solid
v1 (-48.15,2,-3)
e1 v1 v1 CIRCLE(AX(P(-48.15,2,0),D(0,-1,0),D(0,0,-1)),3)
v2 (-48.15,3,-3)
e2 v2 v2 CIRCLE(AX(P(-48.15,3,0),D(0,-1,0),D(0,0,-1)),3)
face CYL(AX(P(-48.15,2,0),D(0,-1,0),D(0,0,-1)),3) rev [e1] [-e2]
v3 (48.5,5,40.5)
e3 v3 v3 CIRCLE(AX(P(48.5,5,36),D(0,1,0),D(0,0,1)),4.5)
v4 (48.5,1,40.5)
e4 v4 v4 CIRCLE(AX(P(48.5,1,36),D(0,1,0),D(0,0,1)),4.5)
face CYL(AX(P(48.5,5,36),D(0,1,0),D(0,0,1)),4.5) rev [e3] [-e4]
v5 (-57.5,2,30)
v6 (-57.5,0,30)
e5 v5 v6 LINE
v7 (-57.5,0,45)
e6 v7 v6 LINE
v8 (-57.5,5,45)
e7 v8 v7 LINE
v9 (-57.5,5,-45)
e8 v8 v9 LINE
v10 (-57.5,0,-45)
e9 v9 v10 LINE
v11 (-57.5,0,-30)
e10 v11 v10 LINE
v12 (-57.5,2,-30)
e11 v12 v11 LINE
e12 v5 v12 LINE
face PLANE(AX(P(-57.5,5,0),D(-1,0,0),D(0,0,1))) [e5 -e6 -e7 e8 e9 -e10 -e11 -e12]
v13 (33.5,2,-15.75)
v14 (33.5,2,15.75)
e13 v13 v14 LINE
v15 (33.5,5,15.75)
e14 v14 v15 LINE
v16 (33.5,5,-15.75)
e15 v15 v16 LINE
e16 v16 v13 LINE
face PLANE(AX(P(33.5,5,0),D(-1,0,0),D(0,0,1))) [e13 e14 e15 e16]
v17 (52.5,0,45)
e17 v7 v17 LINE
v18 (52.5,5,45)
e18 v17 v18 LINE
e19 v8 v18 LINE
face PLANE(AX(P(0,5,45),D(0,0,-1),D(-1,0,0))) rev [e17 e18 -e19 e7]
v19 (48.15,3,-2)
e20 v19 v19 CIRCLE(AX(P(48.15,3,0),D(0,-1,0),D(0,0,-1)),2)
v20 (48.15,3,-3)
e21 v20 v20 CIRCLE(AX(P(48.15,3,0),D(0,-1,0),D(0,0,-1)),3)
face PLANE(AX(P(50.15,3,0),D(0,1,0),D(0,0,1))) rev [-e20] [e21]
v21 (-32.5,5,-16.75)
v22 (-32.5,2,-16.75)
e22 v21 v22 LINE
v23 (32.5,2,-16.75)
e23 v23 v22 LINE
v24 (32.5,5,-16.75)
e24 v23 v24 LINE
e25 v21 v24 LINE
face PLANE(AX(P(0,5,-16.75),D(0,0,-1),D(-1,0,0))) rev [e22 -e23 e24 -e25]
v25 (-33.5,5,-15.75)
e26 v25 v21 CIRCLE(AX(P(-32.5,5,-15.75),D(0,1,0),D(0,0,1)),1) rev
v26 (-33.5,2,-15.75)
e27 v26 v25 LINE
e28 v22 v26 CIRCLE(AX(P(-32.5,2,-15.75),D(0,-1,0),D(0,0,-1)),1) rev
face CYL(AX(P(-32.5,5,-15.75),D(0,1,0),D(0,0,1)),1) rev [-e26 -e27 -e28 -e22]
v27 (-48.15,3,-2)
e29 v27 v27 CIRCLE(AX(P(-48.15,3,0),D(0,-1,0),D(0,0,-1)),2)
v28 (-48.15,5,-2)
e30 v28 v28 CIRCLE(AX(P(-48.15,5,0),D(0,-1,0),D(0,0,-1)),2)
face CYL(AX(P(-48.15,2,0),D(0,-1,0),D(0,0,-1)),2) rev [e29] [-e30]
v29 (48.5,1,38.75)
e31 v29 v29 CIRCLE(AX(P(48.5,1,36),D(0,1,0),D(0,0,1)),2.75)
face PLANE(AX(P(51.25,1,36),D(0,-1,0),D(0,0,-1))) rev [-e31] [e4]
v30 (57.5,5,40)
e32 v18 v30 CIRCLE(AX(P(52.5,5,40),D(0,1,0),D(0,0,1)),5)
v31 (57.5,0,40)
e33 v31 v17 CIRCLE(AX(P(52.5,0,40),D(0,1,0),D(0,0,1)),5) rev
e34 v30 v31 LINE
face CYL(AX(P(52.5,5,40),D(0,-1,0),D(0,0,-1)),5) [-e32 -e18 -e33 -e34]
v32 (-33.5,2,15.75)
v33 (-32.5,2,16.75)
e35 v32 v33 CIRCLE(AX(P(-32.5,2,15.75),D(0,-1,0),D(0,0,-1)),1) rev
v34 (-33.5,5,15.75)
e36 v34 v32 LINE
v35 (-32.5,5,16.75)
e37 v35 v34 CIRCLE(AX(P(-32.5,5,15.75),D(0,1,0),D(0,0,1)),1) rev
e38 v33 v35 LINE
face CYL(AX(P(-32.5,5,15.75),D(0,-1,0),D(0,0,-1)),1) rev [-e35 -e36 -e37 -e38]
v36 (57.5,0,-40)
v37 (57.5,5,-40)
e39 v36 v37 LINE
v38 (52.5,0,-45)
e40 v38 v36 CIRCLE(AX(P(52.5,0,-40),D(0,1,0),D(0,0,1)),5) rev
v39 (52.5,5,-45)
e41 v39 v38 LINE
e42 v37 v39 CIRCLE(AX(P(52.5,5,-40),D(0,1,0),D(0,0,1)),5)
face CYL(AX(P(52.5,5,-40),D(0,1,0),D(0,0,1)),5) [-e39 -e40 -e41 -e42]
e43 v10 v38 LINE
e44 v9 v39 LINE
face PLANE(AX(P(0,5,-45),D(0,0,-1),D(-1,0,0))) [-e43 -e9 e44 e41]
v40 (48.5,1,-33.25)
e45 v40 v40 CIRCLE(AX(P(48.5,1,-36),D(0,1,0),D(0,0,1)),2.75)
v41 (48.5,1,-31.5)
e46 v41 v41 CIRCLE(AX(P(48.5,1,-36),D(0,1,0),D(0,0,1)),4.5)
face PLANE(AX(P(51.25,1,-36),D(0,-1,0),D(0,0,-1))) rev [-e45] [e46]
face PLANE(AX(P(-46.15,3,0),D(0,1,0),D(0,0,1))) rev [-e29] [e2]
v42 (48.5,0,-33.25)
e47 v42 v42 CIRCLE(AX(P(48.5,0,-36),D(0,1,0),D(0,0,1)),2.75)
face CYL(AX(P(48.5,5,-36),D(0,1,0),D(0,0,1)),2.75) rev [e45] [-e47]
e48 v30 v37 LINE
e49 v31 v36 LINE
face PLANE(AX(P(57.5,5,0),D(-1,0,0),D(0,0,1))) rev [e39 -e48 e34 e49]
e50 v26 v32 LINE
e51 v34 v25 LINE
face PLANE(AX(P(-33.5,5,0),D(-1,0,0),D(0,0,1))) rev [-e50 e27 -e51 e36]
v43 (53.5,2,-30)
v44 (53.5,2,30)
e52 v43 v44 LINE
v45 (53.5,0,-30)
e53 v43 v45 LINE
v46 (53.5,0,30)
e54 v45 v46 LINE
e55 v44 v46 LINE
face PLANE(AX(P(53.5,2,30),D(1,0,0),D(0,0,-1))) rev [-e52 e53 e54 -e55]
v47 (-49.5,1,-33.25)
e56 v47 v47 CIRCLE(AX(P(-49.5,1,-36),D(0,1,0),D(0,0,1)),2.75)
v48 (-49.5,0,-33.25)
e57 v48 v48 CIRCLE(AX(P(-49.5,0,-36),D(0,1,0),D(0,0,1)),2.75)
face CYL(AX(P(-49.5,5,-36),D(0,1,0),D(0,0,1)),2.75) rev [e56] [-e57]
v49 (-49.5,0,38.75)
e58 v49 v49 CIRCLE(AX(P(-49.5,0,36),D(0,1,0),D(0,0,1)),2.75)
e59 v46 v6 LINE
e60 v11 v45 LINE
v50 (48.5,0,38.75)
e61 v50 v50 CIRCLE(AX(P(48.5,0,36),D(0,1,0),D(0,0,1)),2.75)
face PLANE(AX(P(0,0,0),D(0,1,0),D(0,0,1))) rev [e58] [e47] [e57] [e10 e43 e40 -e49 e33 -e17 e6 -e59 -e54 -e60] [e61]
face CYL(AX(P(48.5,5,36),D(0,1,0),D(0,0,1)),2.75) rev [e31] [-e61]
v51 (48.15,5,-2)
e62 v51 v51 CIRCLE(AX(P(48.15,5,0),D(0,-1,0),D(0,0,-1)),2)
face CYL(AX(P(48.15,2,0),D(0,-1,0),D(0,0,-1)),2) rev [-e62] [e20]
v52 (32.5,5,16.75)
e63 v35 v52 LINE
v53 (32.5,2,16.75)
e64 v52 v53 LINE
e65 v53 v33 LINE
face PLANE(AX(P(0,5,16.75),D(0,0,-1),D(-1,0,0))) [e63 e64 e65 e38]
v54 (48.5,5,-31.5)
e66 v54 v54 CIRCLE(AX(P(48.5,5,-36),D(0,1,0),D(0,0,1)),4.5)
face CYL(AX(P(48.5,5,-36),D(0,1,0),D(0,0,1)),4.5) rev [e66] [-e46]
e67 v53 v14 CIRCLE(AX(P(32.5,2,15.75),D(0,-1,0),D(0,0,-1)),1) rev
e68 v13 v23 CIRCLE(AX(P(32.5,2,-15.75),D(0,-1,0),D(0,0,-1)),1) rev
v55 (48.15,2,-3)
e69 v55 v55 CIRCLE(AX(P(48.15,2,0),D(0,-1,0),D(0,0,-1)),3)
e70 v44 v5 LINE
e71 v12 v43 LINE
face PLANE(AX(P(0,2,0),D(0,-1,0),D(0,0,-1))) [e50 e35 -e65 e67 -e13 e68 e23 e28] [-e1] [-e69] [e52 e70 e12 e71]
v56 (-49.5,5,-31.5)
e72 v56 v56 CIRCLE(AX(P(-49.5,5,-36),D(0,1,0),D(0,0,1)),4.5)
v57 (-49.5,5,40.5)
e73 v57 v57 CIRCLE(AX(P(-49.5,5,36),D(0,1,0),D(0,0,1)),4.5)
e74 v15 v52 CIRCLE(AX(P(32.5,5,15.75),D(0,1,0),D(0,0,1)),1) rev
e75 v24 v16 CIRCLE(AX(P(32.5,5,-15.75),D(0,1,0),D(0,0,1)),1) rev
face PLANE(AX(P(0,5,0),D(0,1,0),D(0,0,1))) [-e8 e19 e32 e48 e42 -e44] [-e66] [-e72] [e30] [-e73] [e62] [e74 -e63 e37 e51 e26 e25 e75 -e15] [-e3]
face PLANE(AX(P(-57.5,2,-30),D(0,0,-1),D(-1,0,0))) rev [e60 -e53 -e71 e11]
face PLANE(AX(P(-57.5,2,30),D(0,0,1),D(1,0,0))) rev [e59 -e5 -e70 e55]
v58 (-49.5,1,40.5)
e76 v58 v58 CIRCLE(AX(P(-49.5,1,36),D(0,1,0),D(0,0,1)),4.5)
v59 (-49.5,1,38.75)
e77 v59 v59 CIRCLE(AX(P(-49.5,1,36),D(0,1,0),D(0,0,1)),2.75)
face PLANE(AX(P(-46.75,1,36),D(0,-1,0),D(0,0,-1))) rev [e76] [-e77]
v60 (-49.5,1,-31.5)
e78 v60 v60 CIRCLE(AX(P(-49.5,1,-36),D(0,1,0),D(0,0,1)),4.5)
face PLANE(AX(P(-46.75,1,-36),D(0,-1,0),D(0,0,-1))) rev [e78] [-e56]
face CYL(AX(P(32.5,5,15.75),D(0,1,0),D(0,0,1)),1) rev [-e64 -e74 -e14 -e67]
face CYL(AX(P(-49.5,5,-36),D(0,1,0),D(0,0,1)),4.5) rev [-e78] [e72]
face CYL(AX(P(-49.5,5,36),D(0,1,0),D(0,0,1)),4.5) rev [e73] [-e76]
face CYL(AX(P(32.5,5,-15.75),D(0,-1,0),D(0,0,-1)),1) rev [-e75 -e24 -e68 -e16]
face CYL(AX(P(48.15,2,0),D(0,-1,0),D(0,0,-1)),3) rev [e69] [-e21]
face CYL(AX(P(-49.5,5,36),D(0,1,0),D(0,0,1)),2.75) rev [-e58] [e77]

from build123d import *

# Parameters (mm, degrees)
SKETCH1_W                      = 115
SKETCH1_H                      = 90
SKETCH1_W_2                    = 67
SKETCH1_H_2                    = 33.5
BOSS_EXTRUDE1_DEPTH            = 5
FILLET1_R                      = 5
FILLET2_R                      = 1
CBORE_FOR_M5_SHCS1_D           = 5.5
CBORE_FOR_M5_SHCS1_CBORE_D     = 9
CBORE_FOR_M5_SHCS1_CBORE_DEPTH = 4
SKETCH5_W                      = 111
SKETCH5_H                      = 60
CUT_EXTRUDE1_DEPTH             = 2
CBORE_FOR_M5_SHCS2_D           = 4
CBORE_FOR_M5_SHCS2_CBORE_D     = 6
CBORE_FOR_M5_SHCS2_CBORE_DEPTH = 1


with BuildPart() as part:
    # Sketch1 → Boss-Extrude1 (new body)
    with BuildSketch(Plane(origin=(0, 0, 0), x_dir=(1, 0, 0), z_dir=(0, 1, 0))):
        Rectangle(SKETCH1_W, SKETCH1_H)
        Rectangle(SKETCH1_W_2, SKETCH1_H_2, mode=Mode.SUBTRACT)
    extrude(amount=BOSS_EXTRUDE1_DEPTH)

    # Fillet1
    fillet1_edges = [part.edges().sort_by_distance(p)[0] for p in [
        (57.5, 2.5, -45),
        (57.5, 2.5, 45),
    ]]
    fillet(fillet1_edges, radius=FILLET1_R)

    # Fillet2
    fillet2_edges = [part.edges().sort_by_distance(p)[0] for p in [
        (-33.5, 2.5, 16.75),
        (33.5, 2.5, 16.75),
        (33.5, 2.5, -16.75),
        (-33.5, 2.5, -16.75),
    ]]
    fillet(fillet2_edges, radius=FILLET2_R)

    # CBORE for M5 SHCS1 (through all)
    with Locations(Plane(origin=(0, 5, 0), x_dir=(1, 0, 0), z_dir=(0, 1, 0))):
        with Locations((-49.5, 36), (-49.5, -36), (48.5, -36), (48.5, 36)):
            CounterBoreHole(CBORE_FOR_M5_SHCS1_D / 2, CBORE_FOR_M5_SHCS1_CBORE_D / 2, CBORE_FOR_M5_SHCS1_CBORE_DEPTH)

    # Sketch5 → Cut-Extrude1 (cut)
    with BuildSketch(Plane.XZ):
        with Locations((-2, 0)):
            Rectangle(SKETCH5_W, SKETCH5_H)
    extrude(amount=-CUT_EXTRUDE1_DEPTH, mode=Mode.SUBTRACT)

    # CBORE for M5 SHCS2 (through all)
    with Locations(Plane(origin=(0, 2, 0), x_dir=(-1, 0, 0), z_dir=(0, -1, 0))):
        with Locations((48.15, 0), (-48.15, 0)):
            CounterBoreHole(CBORE_FOR_M5_SHCS2_D / 2, CBORE_FOR_M5_SHCS2_CBORE_D / 2, CBORE_FOR_M5_SHCS2_CBORE_DEPTH)


solid = part.part
